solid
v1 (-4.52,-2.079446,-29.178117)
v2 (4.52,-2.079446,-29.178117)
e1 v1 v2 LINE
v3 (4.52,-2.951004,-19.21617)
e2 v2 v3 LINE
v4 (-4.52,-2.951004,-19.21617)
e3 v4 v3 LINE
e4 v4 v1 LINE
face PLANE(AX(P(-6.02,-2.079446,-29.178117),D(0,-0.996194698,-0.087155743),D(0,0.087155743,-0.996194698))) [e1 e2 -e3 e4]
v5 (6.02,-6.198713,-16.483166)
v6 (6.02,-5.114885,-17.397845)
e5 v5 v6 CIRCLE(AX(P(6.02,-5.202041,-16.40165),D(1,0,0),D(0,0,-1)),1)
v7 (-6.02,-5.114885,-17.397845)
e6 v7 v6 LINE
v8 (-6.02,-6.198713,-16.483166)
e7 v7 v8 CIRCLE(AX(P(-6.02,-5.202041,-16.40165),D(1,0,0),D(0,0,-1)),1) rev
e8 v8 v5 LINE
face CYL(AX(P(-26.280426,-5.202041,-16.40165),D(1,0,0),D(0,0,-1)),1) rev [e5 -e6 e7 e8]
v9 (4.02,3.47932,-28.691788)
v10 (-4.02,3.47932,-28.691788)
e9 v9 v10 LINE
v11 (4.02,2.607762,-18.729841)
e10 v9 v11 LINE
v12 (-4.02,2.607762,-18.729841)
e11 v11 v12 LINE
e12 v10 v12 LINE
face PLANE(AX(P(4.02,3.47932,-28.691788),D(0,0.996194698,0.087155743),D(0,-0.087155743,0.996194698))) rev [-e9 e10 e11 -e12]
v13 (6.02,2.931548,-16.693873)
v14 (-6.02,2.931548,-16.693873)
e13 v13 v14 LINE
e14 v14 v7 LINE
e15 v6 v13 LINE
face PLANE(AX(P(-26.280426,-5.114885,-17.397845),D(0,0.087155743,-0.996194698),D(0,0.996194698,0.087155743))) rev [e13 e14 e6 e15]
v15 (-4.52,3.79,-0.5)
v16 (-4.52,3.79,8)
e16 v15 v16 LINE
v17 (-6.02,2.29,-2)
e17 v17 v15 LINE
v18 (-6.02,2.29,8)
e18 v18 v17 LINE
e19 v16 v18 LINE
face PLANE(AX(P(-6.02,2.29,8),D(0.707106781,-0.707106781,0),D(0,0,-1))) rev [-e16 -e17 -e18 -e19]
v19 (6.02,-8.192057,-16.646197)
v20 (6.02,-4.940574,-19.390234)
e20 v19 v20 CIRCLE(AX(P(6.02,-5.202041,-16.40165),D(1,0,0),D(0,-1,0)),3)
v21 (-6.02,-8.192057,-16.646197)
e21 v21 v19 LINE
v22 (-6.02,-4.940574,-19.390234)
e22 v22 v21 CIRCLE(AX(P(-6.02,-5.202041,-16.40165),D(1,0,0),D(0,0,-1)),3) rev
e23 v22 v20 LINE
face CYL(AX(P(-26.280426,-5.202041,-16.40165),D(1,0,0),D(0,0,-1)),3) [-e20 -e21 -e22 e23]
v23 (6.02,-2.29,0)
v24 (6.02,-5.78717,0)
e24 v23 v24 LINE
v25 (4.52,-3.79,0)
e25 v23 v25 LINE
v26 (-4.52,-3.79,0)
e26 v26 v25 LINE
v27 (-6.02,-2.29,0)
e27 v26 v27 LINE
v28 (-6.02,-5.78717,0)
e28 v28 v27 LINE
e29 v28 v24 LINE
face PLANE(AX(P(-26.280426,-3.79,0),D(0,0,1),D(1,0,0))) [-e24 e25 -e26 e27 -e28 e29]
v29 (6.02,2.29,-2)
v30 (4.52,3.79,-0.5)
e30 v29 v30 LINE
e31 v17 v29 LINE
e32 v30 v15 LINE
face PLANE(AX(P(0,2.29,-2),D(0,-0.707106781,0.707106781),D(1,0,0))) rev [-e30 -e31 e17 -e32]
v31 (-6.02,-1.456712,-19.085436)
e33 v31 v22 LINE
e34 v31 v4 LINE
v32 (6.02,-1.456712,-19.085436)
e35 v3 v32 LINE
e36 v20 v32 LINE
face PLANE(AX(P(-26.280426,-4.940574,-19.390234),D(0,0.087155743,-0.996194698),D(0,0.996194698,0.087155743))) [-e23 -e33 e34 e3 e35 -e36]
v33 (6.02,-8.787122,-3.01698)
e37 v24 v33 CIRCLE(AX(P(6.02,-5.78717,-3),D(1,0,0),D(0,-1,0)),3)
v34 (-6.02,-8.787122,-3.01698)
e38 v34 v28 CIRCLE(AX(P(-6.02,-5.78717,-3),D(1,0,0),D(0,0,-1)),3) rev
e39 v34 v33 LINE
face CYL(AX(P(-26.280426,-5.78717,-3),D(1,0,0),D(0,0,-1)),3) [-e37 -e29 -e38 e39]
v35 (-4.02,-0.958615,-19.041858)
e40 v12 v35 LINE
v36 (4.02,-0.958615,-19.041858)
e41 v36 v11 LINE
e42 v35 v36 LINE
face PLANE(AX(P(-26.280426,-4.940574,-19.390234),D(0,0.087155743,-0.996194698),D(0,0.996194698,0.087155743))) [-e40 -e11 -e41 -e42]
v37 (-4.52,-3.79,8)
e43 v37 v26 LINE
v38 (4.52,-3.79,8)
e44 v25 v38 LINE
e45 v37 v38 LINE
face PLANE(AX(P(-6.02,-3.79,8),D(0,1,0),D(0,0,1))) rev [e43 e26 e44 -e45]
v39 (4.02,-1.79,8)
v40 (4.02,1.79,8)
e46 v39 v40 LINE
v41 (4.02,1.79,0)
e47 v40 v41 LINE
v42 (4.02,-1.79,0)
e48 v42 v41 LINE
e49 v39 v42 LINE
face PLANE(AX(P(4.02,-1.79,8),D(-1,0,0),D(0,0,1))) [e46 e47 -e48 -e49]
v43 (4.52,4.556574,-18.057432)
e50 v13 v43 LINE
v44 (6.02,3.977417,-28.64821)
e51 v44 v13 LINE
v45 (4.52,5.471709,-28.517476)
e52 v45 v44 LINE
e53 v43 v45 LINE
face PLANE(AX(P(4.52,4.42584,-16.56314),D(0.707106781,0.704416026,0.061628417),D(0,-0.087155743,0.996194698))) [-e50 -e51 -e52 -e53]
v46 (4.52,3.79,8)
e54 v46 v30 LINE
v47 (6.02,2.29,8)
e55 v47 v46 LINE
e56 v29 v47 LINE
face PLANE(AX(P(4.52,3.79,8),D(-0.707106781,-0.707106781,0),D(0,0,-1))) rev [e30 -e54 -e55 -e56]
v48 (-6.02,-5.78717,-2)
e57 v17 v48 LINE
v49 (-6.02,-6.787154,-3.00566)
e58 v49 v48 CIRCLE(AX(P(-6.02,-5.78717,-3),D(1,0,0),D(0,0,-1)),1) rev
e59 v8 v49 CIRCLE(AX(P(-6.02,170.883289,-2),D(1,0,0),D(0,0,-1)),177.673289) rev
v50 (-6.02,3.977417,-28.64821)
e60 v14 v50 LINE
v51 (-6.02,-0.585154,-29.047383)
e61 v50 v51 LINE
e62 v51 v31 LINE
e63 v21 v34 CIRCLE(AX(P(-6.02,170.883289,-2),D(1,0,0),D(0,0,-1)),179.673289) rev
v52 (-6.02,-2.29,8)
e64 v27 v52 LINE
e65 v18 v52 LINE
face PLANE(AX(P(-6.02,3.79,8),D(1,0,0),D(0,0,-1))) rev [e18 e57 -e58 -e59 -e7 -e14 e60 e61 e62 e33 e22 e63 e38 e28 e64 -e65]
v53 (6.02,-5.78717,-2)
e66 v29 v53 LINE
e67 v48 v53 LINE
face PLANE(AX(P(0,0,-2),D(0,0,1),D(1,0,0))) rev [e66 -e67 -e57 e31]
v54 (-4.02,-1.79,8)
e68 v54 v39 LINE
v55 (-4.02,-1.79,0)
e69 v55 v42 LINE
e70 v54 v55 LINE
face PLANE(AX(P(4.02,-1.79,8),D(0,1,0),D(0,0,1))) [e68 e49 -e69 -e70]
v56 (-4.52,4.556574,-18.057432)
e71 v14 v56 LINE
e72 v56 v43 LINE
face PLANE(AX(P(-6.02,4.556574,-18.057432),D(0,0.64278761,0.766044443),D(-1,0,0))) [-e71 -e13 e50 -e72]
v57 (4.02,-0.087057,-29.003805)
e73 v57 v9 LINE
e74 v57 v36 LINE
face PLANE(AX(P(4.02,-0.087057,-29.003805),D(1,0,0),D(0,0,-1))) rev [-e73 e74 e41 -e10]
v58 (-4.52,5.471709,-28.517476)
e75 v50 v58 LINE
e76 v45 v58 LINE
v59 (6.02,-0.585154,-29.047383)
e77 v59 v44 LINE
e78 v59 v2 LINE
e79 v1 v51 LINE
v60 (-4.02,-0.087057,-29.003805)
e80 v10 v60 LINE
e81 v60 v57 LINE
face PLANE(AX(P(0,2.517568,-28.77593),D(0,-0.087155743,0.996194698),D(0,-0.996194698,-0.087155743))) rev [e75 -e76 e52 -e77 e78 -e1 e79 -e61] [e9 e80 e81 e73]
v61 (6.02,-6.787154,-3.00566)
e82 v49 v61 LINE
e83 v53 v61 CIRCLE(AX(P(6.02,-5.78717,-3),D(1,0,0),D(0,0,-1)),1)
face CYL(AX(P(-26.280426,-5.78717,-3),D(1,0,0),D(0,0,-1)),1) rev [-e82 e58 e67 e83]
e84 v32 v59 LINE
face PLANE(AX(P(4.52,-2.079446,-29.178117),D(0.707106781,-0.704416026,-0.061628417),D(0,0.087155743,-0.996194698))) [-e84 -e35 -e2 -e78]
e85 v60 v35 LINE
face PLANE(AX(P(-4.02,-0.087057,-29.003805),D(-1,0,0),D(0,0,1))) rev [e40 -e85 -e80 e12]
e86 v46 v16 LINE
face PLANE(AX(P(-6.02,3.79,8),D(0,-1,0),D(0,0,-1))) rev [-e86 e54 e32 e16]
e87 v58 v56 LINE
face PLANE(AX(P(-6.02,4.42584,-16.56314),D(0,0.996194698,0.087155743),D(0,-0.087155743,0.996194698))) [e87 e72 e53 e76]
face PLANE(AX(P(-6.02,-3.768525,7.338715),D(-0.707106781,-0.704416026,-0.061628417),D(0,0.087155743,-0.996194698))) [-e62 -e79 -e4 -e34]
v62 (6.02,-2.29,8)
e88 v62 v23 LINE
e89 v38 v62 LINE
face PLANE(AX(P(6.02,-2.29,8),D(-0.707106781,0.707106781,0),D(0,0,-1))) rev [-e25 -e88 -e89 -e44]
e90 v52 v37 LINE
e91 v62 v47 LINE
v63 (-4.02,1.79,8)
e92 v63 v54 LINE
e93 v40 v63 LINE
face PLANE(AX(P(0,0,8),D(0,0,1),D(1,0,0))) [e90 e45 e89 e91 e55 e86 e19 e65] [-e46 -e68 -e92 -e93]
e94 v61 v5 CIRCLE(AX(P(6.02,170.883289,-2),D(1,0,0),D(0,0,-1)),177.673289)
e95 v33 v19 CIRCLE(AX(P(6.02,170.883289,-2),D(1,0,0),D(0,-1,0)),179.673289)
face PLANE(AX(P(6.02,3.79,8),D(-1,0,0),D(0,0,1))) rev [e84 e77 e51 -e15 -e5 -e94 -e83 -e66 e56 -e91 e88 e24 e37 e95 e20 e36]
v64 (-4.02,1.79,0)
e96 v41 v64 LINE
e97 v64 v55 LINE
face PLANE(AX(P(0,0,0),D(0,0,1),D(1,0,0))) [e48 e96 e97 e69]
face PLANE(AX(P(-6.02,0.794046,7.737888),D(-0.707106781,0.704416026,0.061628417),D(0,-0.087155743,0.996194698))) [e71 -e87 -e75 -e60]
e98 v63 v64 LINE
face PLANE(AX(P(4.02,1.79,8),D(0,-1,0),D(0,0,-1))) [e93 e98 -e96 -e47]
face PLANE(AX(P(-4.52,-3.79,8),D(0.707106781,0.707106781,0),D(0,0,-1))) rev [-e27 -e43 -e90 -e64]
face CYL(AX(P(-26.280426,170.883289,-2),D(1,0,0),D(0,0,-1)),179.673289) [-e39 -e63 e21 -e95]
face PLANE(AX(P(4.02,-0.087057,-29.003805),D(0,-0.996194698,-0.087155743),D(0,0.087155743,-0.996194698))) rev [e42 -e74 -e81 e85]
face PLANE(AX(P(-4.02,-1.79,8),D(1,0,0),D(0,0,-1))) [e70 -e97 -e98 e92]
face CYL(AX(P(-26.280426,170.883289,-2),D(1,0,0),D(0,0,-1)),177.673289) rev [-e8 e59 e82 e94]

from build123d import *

# Parameters (mm, degrees)
SKETCH1_W           = 12.04
SKETCH1_H           = 7.58
SKETCH1_W_2         = 8.04
SKETCH1_H_2         = 3.58
BOSS_EXTRUDE1_DEPTH = 8
SKETCH1_2_W         = 12.04
SKETCH1_2_H         = 7.58
SKETCH1_2_W_2       = 8.04
SKETCH1_2_H_2       = 3.58
BOSS_EXTRUDE2_DEPTH = 2
EXTRUDE_THIN1_START = -12.04
EXTRUDE_THIN1_DEPTH = 12.04
SKETCH5_W           = 12.04
SKETCH5_H           = 7.58
SKETCH5_W_2         = 8.04
SKETCH5_H_2         = 3.58
BOSS_EXTRUDE4_DEPTH = 10
SKETCH5_4_W         = 12.04
SKETCH5_4_H         = 7.58
BOSS_EXTRUDE5_DEPTH = 2
CHAMFER1_SIZE       = 1.5


with BuildPart() as part:
    # Sketch1 → Boss-Extrude1 (new body)
    with BuildSketch(Plane.XY):
        Rectangle(SKETCH1_W, SKETCH1_H)
        Rectangle(SKETCH1_W_2, SKETCH1_H_2, mode=Mode.SUBTRACT)
    extrude(amount=BOSS_EXTRUDE1_DEPTH)

    # Sketch1<2> → Boss-Extrude2 (add)
    # profile 1 of 2: a face of its own
    with BuildSketch(Plane.XY):
        Rectangle(SKETCH1_2_W, SKETCH1_2_H)
        Rectangle(SKETCH1_2_W_2, SKETCH1_2_H_2, mode=Mode.SUBTRACT)
    # profile 2 of 2: a face of its own
    with BuildSketch(Plane.XY):
        Rectangle(SKETCH1_2_W_2, SKETCH1_2_H_2)
    extrude(amount=-BOSS_EXTRUDE2_DEPTH)

    # Sketch3 → Extrude-Thin1 (add)
    with BuildSketch(Plane(origin=(6.02, 9.81, 0), x_dir=(0, -1, 0), z_dir=(1, 0, 0)).offset(EXTRUDE_THIN1_START)):
        with BuildLine():
            Line((13.6, 2), (15.597169895, 2))
            ThreePointArc((15.597169895, 2), (16.306275023, 2.294897229), (16.597153876, 3.005660165))
            ThreePointArc((16.597153876, 3.005660165), (16.430894398, 9.75), (16.008713261, 16.483166054))
            ThreePointArc((16.008713261, 16.483166054), (15.656994218, 17.16587256), (14.924885462, 17.397845032))
            Line((14.924885462, 17.397845032), (12.935315402, 17.223780206))
            Line((12.935315402, 17.223780206), (12.761003916, 19.216169602))
            Line((12.761003916, 19.216169602), (14.750573976, 19.390234428))
            ThreePointArc((14.750573976, 19.390234428), (16.946900244, 18.694317012), (18.002057373, 16.646197494))
            ThreePointArc((18.002057373, 16.646197494), (18.428990842, 9.837238775), (18.597121838, 3.016980496))
            ThreePointArc((18.597121838, 3.016980496), (17.724485279, 0.884691688), (15.597169895, 0))
            Line((15.597169895, 0), (13.6, 0))
            Line((13.6, 0), (13.6, 2))
        make_face()
    extrude(amount=EXTRUDE_THIN1_DEPTH)



with BuildPart() as body_2:
    # Sketch5 → Boss-Extrude4 (new body)
    with BuildSketch(Plane(origin=(0, -2.104915883, -19.142146491), x_dir=(1, 0, 0), z_dir=(0, -0.08715574274765182, 0.9961946980917462))):
        with Locations((0, 2.940680048)):
            Rectangle(SKETCH5_W, SKETCH5_H)
        with Locations((0, 2.940680048)):
            Rectangle(SKETCH5_W_2, SKETCH5_H_2, mode=Mode.SUBTRACT)
    extrude(amount=-BOSS_EXTRUDE4_DEPTH)


with BuildPart() as part_1:
    add(part.part)

    add(body_2.part)  # Boss-Extrude5 merges body 2
    # Sketch5<4> → Boss-Extrude5 (add)
    with BuildSketch(Plane(origin=(0, -2.104915883, -19.142146491), x_dir=(1, 0, 0), z_dir=(0, -0.08715574274765182, 0.9961946980917462))):
        with Locations((0, 2.940680048)):
            Rectangle(SKETCH5_4_W, SKETCH5_4_H)
    extrude(amount=BOSS_EXTRUDE5_DEPTH)

    # Chamfer1
    chamfer1_edges = [part_1.edges().sort_by_distance(p)[0] for p in [
        (6.02, -2.515225202, -24.197143093),
        (-6.02, -2.515225202, -24.197143093),
        (0, 3.79, -2),
        (6.02, -3.79, 4),
        (-6.02, -3.79, 4),
        (-6.02, 3.79, 3),
        (6.02, 3.79, 3),
        (0, 4.42584041, -16.563139676),
        (6.02, 4.948774866, -22.540307865),
        (-6.02, 4.948774866, -22.540307865),
    ]]
    chamfer(chamfer1_edges, length=CHAMFER1_SIZE)


solid = part_1.part
